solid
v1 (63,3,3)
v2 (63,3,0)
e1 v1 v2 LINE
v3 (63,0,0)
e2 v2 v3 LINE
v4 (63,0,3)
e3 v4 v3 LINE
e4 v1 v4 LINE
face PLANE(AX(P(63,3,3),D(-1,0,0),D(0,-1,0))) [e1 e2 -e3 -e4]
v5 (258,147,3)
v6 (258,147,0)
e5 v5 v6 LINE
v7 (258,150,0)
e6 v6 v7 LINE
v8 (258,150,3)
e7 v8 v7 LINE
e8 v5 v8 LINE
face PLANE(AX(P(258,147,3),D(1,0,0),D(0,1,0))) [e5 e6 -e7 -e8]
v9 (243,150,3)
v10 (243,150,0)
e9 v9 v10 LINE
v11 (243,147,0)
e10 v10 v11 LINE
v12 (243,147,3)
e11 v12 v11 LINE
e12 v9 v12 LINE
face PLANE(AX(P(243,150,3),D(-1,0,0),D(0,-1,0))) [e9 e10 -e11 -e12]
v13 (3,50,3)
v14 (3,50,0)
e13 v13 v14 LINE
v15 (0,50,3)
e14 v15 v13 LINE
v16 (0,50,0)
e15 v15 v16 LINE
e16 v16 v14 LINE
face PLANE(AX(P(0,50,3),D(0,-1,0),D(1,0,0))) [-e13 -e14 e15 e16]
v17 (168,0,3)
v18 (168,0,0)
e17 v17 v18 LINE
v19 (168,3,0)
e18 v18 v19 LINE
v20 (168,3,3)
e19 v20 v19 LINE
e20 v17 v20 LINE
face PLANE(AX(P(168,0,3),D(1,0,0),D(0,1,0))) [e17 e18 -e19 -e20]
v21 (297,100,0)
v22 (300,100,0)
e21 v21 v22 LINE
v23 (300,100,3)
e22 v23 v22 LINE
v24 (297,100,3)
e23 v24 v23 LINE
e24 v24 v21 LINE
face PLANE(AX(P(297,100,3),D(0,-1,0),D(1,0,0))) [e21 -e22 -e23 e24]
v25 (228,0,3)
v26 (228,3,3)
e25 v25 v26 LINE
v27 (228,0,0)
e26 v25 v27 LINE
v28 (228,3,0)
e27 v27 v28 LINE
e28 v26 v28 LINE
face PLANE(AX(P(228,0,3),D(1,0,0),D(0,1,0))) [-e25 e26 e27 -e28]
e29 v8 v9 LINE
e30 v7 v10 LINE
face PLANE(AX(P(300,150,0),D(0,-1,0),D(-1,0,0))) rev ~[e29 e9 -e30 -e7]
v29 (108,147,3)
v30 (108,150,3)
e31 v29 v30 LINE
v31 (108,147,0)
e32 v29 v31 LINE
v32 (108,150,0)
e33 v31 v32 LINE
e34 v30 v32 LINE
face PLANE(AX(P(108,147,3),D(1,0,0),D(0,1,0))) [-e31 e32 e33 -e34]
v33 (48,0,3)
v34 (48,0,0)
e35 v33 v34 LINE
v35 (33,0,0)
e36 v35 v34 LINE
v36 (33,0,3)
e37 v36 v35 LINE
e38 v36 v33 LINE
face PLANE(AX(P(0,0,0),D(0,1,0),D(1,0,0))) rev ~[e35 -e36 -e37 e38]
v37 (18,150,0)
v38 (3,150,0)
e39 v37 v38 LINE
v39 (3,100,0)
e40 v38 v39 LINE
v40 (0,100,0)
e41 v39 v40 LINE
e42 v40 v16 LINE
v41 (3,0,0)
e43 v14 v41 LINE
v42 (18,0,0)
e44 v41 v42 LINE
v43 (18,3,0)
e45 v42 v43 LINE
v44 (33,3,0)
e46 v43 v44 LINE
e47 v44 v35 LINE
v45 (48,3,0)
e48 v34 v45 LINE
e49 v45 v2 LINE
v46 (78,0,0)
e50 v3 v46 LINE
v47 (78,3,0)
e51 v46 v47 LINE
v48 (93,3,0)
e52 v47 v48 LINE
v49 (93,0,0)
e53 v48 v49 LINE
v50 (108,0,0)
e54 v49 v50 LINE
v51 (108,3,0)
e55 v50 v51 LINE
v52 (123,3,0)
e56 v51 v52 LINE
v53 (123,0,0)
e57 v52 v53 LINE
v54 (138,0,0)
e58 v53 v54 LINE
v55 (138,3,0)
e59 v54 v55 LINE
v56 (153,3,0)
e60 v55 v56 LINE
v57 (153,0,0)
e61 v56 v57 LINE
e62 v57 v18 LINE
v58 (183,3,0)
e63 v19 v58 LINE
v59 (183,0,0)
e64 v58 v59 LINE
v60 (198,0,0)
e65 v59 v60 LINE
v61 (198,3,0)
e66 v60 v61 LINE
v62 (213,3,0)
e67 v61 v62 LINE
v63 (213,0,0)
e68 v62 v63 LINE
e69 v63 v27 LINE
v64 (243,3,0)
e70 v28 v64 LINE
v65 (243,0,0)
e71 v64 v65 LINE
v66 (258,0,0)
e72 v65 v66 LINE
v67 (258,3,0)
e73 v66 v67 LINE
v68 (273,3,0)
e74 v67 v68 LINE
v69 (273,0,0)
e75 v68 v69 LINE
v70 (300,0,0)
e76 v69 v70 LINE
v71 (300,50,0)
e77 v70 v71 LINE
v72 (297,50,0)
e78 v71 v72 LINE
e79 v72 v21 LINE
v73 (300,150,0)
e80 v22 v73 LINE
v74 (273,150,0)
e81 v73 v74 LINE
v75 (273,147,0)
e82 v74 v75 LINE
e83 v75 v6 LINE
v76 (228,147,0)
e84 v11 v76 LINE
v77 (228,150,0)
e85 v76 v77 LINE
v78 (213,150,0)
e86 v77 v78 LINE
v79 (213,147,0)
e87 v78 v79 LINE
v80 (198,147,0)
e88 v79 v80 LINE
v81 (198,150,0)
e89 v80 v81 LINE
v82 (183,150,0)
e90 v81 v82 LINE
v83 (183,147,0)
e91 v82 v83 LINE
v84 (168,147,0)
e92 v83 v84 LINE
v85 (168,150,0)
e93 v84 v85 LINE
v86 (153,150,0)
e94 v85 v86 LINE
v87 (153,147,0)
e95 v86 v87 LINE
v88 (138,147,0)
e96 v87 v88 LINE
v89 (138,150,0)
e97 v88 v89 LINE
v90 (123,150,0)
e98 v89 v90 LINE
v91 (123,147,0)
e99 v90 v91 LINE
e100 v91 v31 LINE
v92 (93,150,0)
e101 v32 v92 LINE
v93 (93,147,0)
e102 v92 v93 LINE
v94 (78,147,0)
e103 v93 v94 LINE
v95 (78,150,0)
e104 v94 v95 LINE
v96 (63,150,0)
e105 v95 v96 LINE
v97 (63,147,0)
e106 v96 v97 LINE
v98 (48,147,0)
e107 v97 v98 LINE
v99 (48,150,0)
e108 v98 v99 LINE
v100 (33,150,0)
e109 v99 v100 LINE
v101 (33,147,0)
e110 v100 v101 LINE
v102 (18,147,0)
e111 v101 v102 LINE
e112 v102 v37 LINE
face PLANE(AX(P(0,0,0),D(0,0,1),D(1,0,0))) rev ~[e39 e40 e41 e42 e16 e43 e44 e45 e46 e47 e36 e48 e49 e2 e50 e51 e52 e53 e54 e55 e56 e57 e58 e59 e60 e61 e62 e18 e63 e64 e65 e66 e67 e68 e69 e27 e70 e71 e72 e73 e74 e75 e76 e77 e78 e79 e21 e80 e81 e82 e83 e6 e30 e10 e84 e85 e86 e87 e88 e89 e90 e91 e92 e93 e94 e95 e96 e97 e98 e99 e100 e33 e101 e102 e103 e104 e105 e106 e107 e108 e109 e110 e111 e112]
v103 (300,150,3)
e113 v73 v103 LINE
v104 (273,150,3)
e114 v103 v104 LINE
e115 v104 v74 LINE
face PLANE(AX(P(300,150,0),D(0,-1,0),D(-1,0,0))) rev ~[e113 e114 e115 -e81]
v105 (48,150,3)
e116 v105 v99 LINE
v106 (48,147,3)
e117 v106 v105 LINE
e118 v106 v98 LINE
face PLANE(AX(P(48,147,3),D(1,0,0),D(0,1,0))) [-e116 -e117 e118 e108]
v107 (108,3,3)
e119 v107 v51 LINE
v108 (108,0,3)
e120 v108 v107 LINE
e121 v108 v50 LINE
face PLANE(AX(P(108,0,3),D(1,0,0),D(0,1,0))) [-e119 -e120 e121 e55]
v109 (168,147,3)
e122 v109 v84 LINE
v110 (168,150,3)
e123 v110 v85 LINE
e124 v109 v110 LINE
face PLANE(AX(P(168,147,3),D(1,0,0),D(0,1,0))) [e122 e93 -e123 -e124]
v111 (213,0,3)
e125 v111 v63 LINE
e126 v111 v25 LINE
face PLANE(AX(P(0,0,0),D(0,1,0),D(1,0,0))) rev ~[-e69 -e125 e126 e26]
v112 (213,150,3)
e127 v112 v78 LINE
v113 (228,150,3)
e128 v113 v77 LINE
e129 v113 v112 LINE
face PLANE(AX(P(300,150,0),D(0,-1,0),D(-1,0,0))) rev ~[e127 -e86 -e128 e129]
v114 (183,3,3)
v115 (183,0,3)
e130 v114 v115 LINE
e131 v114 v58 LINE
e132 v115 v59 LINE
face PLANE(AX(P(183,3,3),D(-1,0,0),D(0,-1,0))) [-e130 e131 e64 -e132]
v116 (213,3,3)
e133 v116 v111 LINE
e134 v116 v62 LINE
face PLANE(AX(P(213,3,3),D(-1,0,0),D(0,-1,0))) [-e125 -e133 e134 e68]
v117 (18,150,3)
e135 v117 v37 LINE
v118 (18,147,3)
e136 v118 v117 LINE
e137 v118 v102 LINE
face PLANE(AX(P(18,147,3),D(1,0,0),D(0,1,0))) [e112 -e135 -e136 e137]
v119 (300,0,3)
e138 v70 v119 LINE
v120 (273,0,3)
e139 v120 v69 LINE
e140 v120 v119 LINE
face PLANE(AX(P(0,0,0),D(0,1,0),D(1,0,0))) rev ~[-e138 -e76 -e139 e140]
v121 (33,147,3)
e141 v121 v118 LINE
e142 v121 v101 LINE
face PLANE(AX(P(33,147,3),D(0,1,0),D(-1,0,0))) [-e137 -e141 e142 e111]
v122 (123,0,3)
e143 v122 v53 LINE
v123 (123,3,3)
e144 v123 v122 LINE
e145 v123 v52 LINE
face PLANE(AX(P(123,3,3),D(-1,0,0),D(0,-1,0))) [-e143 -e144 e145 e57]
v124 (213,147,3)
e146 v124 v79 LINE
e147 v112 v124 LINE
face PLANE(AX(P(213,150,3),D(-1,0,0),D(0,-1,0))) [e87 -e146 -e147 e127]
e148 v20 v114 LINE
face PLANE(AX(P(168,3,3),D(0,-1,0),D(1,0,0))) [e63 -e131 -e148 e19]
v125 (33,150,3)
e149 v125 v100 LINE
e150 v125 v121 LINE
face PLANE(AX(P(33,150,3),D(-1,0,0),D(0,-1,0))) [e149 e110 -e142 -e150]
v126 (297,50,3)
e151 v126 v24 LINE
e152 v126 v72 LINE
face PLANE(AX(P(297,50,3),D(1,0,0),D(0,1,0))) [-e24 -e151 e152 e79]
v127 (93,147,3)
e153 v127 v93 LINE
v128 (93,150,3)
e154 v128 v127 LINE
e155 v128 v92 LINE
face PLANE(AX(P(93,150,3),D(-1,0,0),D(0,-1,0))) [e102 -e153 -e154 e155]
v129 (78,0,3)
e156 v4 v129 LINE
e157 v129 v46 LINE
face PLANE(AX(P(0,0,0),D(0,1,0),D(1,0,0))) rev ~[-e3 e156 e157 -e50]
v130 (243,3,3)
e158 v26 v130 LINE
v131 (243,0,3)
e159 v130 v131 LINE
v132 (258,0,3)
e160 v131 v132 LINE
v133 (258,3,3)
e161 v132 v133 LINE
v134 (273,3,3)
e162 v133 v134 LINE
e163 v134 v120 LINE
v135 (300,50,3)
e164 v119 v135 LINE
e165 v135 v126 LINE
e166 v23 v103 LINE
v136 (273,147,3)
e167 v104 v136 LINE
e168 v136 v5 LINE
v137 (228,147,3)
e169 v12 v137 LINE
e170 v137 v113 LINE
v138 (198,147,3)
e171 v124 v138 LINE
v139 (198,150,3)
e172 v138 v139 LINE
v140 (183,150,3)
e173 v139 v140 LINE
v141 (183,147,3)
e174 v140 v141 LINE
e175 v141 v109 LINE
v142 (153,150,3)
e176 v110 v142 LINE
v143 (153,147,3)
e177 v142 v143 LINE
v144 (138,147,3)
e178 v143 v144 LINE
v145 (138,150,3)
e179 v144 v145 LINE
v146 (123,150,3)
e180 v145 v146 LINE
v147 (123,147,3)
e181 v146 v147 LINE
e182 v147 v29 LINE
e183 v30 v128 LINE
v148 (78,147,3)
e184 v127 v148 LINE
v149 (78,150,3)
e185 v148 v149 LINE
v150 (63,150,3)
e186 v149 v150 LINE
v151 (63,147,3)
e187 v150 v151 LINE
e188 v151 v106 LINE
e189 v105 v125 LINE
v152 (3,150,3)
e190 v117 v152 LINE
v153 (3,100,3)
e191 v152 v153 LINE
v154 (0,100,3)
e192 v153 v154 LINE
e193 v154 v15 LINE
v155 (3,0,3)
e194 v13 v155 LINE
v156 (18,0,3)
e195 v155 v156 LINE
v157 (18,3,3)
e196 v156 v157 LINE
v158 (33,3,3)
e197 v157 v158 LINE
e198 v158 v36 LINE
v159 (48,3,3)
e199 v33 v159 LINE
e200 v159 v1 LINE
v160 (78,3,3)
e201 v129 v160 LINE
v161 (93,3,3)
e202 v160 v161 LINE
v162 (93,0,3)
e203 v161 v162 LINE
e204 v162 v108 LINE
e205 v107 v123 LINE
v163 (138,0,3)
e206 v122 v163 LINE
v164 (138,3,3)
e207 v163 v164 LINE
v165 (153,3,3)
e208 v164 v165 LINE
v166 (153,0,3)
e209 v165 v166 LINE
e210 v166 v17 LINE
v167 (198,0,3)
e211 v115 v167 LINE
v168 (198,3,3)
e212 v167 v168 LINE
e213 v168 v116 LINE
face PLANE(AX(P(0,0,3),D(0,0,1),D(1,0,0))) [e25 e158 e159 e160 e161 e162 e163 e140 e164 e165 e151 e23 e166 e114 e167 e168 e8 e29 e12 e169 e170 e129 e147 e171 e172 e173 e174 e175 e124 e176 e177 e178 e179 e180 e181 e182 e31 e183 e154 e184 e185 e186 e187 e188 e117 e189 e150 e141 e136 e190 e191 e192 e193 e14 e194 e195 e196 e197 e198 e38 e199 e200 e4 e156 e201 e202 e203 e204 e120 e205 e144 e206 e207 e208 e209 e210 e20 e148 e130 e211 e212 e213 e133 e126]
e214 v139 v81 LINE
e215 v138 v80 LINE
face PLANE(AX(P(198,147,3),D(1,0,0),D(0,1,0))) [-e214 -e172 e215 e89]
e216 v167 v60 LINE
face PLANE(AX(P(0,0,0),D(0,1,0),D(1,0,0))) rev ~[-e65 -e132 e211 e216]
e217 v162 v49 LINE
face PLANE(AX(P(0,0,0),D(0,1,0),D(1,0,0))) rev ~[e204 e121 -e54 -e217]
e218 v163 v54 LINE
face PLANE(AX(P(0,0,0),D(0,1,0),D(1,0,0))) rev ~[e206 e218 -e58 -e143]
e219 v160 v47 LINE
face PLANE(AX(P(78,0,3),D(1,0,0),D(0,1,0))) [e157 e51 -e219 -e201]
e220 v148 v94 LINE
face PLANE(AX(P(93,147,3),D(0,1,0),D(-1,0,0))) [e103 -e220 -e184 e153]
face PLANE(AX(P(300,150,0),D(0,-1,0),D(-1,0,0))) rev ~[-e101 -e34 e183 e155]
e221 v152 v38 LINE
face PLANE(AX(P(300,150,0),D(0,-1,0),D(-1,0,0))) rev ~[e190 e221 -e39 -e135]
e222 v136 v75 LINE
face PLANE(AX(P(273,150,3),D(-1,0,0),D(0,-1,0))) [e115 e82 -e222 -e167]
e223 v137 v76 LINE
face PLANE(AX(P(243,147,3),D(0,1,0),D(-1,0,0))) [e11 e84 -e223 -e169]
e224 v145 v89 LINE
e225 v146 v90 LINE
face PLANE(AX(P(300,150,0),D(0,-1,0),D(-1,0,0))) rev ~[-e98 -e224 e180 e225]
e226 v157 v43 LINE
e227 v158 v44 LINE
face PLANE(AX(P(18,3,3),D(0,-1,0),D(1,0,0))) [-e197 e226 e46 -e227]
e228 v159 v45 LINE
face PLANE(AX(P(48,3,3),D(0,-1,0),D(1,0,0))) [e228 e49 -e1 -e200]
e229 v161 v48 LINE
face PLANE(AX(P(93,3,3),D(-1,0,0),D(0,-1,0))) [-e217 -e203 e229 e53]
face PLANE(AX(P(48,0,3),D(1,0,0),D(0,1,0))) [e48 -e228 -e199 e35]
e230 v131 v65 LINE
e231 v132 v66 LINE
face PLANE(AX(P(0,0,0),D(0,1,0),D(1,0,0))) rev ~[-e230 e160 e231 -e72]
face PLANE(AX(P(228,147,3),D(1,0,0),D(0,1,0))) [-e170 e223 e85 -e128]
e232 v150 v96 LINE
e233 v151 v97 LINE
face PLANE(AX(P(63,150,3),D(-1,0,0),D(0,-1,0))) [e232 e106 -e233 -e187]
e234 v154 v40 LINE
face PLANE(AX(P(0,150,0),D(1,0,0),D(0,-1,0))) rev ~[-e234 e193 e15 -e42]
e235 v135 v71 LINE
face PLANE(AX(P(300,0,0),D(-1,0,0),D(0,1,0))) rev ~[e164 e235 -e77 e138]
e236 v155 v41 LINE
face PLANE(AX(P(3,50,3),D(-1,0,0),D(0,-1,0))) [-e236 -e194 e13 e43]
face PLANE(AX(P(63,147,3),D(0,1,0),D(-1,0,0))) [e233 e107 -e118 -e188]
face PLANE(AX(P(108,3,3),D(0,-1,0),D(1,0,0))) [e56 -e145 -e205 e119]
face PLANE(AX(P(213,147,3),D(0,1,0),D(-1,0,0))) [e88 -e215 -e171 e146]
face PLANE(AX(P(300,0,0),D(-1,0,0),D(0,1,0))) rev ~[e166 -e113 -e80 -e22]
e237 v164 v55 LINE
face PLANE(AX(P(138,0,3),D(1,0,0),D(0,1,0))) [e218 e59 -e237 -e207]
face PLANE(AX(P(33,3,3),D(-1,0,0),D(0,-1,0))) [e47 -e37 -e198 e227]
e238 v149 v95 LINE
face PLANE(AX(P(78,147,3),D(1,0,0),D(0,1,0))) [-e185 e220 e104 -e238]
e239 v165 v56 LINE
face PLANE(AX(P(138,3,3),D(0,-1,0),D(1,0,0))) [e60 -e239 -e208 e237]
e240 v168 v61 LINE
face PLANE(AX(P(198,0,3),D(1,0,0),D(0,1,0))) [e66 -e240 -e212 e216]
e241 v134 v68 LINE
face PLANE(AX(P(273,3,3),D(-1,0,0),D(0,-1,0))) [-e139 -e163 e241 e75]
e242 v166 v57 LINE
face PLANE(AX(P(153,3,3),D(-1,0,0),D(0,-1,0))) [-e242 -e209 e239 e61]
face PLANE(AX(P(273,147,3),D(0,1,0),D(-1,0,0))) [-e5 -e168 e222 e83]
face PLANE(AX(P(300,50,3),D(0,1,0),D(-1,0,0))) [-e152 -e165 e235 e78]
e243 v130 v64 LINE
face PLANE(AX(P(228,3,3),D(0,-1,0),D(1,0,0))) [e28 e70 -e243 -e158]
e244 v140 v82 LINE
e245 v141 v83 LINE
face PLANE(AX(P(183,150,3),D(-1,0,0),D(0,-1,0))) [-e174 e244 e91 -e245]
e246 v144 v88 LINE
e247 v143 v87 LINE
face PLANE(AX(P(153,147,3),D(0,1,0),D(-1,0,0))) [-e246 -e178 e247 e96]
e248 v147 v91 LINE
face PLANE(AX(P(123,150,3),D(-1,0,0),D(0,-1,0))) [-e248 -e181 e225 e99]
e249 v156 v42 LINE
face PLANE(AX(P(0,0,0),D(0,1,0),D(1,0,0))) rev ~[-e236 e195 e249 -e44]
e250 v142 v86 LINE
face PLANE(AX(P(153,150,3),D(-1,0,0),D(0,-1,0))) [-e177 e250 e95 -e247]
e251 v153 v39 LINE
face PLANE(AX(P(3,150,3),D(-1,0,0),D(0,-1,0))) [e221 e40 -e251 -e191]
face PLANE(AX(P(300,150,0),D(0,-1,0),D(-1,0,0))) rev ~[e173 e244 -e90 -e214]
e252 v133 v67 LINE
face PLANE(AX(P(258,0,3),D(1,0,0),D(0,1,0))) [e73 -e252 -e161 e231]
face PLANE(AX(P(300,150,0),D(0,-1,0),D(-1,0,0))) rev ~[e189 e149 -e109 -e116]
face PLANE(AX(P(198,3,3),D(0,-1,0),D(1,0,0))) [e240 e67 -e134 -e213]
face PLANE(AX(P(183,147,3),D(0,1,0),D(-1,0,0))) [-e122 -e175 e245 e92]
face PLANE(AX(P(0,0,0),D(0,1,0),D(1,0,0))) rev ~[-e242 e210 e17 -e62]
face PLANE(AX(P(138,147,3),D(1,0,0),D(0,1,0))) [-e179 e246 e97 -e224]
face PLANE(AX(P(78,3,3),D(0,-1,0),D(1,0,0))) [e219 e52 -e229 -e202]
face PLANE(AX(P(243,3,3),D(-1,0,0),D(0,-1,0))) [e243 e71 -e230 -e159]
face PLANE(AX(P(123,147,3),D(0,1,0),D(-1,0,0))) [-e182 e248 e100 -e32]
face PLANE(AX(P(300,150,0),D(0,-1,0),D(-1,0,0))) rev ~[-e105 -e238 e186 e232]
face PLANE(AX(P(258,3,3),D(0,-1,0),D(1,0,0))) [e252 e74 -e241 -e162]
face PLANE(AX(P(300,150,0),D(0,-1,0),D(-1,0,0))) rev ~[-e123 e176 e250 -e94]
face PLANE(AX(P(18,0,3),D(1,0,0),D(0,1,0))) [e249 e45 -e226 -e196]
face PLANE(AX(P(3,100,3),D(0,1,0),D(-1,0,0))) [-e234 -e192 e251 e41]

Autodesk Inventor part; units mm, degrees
ref_plane "YZ Plane" through (0, 0, 0) normal (1, 0, 0) x (0, 1, 0)
ref_plane "XZ Plane" through (0, 0, 0) normal (0, 1, 0) x (-1, 0, 0)
ref_plane "XY Plane" through (0, 0, 0) normal (0, 0, 1) x (1, 0, 0)
sketch "Boceto1" plane through (0, 0, 0) normal (0, 0, 1) x (1, 0, 0)
  line L0 (0, 0) -> (300, 0)
  line L1 (300, 0) -> (300, 150)
  line L2 (300, 150) -> (0, 150)
  line L3 (0, 150) -> (0, 0)
  dimension "d0" = 150
  dimension "d1" = 300
extrude "Extrusión1" add sketch "Boceto1" along normal blind 3
sketch "Boceto3" plane through (0, 0, 3) normal (0, 0, 1) x (1, 0, 0)
  line L0 (0, 0) -> (300, 0) construction
  line L1 (300, 0) -> (300, 150) construction
  line L2 (300, 150) -> (0, 150) construction
  line L3 (0, 150) -> (0, 0) construction
  line L4 (0, 50) -> (3, 50)
  line L5 (3, 50) -> (3, 0)
  line L6 (3, 0) -> (0, 0)
  line L7 (0, 0) -> (0, 50)
  line L8 (0, 100) -> (0, 150)
  line L9 (0, 150) -> (3, 150)
  line L10 (3, 150) -> (3, 100)
  line L11 (3, 100) -> (0, 100)
  line L12 (297, 100) -> (300, 100)
  line L13 (300, 100) -> (300, 50)
  line L14 (300, 50) -> (297, 50)
  line L15 (297, 50) -> (297, 100)
  line L16 (300, 0) -> (300, 150) construction
  point P0 (300, 75)
  point P1 (300, 75)
  dimension "d15" = 3
  dimension "d16" = 50
  dimension "d19" = 100
  dimension "d24" = 3
  dimension "d25" = 50
extrude "Extrusión3" cut sketch "Boceto3" against normal blind 3
sketch "Boceto4" plane through (0, 0, 3) normal (0, 0, 1) x (1, 0, 0)
  line L0 (3, 150) -> (3, 100) construction
  line L1 (3, 100) -> (0, 100) construction
  line L2 (0, 100) -> (0, 50) construction
  line L3 (0, 50) -> (3, 50) construction
  line L4 (3, 50) -> (3, 0) construction
  line L5 (3, 0) -> (300, 0) construction
  line L6 (300, 0) -> (300, 50) construction
  line L7 (300, 50) -> (297, 50) construction
  line L8 (297, 50) -> (297, 100) construction
  line L9 (297, 100) -> (300, 100) construction
  line L10 (300, 100) -> (300, 150) construction
  line L11 (300, 150) -> (3, 150) construction
  line L12 (18, 3) -> (33, 3)
  line L13 (33, 3) -> (33, 0)
  line L14 (33, 0) -> (18, 0)
  line L15 (18, 0) -> (18, 3)
  line L16 (18, 150) -> (33, 150)
  line L17 (33, 150) -> (33, 147)
  line L18 (33, 147) -> (18, 147)
  line L19 (18, 147) -> (18, 150)
  line L20 (300, 150) -> (3, 150) construction
  line L21 (3, 0) -> (300, 0) construction
  line L22 (48, 0) -> (48, 3)
  line L23 (63, 0) -> (48, 0)
  line L24 (48, 3) -> (63, 3)
  line L25 (63, 3) -> (63, 0)
  line L26 (48, 147) -> (48, 150)
  line L27 (48, 150) -> (63, 150)
  line L28 (63, 147) -> (48, 147)
  line L29 (63, 150) -> (63, 147)
  line L30 (78, 0) -> (78, 3)
  line L31 (93, 0) -> (78, 0)
  line L32 (78, 3) -> (93, 3)
  line L33 (93, 3) -> (93, 0)
  line L34 (78, 147) -> (78, 150)
  line L35 (78, 150) -> (93, 150)
  line L36 (93, 147) -> (78, 147)
  line L37 (93, 150) -> (93, 147)
  line L38 (108, 0) -> (108, 3)
  line L39 (123, 0) -> (108, 0)
  line L40 (108, 3) -> (123, 3)
  line L41 (123, 3) -> (123, 0)
  line L42 (108, 147) -> (108, 150)
  line L43 (108, 150) -> (123, 150)
  line L44 (123, 147) -> (108, 147)
  line L45 (123, 150) -> (123, 147)
  line L46 (138, 0) -> (138, 3)
  line L47 (153, 0) -> (138, 0)
  line L48 (138, 3) -> (153, 3)
  line L49 (153, 3) -> (153, 0)
  line L50 (138, 147) -> (138, 150)
  line L51 (138, 150) -> (153, 150)
  line L52 (153, 147) -> (138, 147)
  line L53 (153, 150) -> (153, 147)
  line L54 (168, 0) -> (168, 3)
  line L55 (183, 0) -> (168, 0)
  line L56 (168, 3) -> (183, 3)
  line L57 (183, 3) -> (183, 0)
  line L58 (168, 147) -> (168, 150)
  line L59 (168, 150) -> (183, 150)
  line L60 (183, 147) -> (168, 147)
  line L61 (183, 150) -> (183, 147)
  line L62 (198, 0) -> (198, 3)
  line L63 (213, 0) -> (198, 0)
  line L64 (198, 3) -> (213, 3)
  line L65 (213, 3) -> (213, 0)
  line L66 (198, 147) -> (198, 150)
  line L67 (198, 150) -> (213, 150)
  line L68 (213, 147) -> (198, 147)
  line L69 (213, 150) -> (213, 147)
  line L70 (228, 0) -> (228, 3)
  line L71 (243, 0) -> (228, 0)
  line L72 (228, 3) -> (243, 3)
  line L73 (243, 3) -> (243, 0)
  line L74 (228, 147) -> (228, 150)
  line L75 (228, 150) -> (243, 150)
  line L76 (243, 147) -> (228, 147)
  line L77 (243, 150) -> (243, 147)
  line L78 (258, 0) -> (258, 3)
  line L79 (273, 0) -> (258, 0)
  line L80 (258, 3) -> (273, 3)
  line L81 (273, 3) -> (273, 0)
  line L82 (258, 147) -> (258, 150)
  line L83 (258, 150) -> (273, 150)
  line L84 (273, 147) -> (258, 147)
  line L85 (273, 150) -> (273, 147)
  point P0 (0, 0)
  dimension "d28" = 3
  dimension "d29" = 3
  dimension "d30" = 15
  dimension "d31" = 15
  dimension "d32" = 15
  dimension "d33" = 15
  dimension "d36" = 30
extrude "Extrusión4" cut sketch "Boceto4" against normal blind 10
properties part number "Pared2"
